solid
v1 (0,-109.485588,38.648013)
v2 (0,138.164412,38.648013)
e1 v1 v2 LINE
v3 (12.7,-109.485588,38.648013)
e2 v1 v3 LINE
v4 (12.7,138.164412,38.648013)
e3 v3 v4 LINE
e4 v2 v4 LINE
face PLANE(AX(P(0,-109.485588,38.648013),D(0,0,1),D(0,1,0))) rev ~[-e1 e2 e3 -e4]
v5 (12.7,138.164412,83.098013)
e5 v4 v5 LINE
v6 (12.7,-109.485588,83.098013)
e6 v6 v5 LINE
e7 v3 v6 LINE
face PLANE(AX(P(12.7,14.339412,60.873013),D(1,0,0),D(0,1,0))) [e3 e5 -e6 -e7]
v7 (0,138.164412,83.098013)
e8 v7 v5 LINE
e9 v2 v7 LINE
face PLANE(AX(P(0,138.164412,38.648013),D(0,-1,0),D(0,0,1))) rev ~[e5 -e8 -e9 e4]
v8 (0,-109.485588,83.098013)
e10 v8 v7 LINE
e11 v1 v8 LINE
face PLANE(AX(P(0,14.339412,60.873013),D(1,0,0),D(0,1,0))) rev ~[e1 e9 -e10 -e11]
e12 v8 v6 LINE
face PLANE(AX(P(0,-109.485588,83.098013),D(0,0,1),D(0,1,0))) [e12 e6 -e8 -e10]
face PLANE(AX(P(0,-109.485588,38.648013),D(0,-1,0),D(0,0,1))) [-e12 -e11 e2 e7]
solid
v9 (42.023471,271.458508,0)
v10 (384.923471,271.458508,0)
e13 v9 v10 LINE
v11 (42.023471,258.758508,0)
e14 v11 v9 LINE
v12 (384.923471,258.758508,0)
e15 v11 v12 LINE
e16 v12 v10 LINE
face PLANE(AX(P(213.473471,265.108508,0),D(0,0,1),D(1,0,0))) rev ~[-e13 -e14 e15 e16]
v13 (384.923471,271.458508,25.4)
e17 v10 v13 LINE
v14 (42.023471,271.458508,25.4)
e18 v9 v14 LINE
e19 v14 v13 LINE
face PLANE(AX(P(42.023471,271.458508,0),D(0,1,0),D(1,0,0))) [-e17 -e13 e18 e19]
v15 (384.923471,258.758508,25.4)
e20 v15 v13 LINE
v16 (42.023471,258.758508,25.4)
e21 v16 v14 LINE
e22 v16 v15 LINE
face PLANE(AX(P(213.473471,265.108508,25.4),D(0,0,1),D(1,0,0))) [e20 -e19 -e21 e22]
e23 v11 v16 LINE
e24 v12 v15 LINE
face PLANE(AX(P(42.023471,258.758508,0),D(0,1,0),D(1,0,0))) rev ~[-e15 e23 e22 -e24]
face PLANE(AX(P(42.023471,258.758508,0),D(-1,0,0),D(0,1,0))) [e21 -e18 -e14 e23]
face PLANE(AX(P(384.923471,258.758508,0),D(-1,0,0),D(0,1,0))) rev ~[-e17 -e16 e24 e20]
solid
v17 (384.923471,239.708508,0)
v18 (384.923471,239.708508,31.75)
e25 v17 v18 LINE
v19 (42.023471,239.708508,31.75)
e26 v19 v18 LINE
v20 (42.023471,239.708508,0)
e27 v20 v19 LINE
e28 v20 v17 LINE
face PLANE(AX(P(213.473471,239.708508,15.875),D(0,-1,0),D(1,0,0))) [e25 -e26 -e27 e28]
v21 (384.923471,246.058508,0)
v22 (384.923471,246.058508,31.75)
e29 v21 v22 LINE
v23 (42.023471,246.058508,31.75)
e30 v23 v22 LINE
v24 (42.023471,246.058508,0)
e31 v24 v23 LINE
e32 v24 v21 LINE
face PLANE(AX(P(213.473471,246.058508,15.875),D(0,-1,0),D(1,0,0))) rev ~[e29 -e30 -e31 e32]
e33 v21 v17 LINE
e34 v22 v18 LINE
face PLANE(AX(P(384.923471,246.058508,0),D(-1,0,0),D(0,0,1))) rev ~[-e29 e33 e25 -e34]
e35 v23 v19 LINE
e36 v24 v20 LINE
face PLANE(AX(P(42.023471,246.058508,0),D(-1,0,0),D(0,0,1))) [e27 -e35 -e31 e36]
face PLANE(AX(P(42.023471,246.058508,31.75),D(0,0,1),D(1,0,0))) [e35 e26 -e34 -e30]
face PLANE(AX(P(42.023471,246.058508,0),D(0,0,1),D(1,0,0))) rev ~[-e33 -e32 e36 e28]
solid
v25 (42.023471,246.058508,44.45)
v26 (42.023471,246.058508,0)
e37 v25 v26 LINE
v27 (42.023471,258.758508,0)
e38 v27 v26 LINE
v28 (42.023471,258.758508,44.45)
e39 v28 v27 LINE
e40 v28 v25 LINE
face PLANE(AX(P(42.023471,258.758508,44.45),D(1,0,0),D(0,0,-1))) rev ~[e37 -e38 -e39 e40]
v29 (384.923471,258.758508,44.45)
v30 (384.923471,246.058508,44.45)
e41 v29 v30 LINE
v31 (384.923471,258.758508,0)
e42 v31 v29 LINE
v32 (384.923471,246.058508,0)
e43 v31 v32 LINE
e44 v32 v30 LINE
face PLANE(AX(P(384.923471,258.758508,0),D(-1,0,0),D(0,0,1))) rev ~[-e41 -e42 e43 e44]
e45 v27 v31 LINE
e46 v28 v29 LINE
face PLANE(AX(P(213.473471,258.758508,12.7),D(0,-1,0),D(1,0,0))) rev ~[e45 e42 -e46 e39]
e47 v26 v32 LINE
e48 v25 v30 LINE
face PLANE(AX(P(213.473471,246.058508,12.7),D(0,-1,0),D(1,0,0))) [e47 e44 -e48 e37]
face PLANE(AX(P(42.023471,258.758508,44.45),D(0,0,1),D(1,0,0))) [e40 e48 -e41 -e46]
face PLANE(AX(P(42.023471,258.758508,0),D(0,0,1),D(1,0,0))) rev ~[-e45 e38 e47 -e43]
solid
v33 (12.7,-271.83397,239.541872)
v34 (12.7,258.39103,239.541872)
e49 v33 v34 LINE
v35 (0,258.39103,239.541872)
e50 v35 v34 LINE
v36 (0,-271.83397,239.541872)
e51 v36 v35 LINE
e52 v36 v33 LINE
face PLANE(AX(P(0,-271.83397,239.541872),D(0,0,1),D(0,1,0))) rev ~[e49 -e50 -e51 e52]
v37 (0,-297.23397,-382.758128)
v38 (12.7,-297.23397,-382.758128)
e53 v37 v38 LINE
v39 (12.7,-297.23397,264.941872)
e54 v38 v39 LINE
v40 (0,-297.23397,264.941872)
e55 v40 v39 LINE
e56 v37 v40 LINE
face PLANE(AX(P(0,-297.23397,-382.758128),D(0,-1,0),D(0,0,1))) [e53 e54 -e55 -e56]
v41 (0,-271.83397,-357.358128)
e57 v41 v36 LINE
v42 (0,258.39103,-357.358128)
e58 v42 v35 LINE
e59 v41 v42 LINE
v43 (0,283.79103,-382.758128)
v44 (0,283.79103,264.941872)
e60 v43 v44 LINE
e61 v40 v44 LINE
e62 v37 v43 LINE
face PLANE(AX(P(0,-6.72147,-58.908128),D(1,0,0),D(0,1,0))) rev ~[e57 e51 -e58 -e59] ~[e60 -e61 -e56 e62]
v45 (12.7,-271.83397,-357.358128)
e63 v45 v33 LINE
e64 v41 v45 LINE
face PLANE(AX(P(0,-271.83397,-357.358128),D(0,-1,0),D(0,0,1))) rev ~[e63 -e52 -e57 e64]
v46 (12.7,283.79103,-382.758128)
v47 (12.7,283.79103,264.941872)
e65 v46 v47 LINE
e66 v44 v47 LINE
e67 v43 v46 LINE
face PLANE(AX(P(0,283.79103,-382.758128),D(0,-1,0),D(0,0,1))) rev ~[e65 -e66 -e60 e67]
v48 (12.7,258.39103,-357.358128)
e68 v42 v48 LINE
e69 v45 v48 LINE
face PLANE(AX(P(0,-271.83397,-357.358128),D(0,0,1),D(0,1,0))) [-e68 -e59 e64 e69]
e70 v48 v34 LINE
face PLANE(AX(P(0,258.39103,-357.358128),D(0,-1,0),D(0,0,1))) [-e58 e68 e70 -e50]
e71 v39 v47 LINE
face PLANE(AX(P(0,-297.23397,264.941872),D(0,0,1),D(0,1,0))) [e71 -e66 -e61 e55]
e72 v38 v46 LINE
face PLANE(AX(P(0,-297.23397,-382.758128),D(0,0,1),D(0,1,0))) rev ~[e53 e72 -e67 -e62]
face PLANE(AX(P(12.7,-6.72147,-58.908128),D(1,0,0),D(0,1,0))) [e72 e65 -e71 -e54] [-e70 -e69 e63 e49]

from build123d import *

# Parameters (mm, degrees)
F0_W     = 581.025
F0_H     = 647.7
F0_W_2   = 530.225
F0_H_2   = 596.9
F1_DEPTH = 12.7
F2_W     = 342.9
F2_H     = 12.7
F3_DEPTH = 25.4
F4_W     = 342.9
F4_H     = 25.4
F4_H_2   = 19.05
F5_DEPTH = 12.7
F6_W     = 342.9
F6_H     = 31.75
F7_DEPTH = 6.35
F8_W     = 247.65
F8_H     = 44.45
F9_DEPTH = 12.7


with BuildPart() as f1:
    # F0 (on Right) → F1 (new body)
    with BuildSketch(Plane.YZ):
        with Locations((-6.72147, -58.908128)):
            Rectangle(F0_W, F0_H)
        with Locations((-6.72147, -58.908128)):
            Rectangle(F0_W_2, F0_H_2, mode=Mode.SUBTRACT)
    extrude(amount=F1_DEPTH)


with BuildPart() as f3:
    # F2 (on Top) → F3 (new body)
    with BuildSketch(Plane.XY):
        with Locations((213.473471, 265.108508)):
            Rectangle(F2_W, F2_H)
    extrude(amount=F3_DEPTH)


with BuildPart() as f5:
    # F4 (on face) → F5 (new body)
    with BuildSketch(Plane.XZ.offset(-258.758508)):
        with Locations((213.473471, 12.7)):
            Rectangle(F4_W, F4_H)
        with Locations((213.473471, 34.925)):
            Rectangle(F4_W, F4_H_2)
    extrude(amount=F5_DEPTH)


with BuildPart() as f7:
    # F6 (on face) → F7 (new body)
    with BuildSketch(Plane.XZ.offset(-246.058508)):
        with Locations((213.473471, 15.875)):
            Rectangle(F6_W, F6_H)
    extrude(amount=F7_DEPTH)


with BuildPart() as f9:
    # F8 (on Right) → F9 (new body)
    with BuildSketch(Plane.YZ):
        with Locations((14.339412, 60.873013)):
            Rectangle(F8_W, F8_H)
    extrude(amount=F9_DEPTH)


solid = Compound([f1.part, f3.part, f5.part, f7.part, f9.part])
